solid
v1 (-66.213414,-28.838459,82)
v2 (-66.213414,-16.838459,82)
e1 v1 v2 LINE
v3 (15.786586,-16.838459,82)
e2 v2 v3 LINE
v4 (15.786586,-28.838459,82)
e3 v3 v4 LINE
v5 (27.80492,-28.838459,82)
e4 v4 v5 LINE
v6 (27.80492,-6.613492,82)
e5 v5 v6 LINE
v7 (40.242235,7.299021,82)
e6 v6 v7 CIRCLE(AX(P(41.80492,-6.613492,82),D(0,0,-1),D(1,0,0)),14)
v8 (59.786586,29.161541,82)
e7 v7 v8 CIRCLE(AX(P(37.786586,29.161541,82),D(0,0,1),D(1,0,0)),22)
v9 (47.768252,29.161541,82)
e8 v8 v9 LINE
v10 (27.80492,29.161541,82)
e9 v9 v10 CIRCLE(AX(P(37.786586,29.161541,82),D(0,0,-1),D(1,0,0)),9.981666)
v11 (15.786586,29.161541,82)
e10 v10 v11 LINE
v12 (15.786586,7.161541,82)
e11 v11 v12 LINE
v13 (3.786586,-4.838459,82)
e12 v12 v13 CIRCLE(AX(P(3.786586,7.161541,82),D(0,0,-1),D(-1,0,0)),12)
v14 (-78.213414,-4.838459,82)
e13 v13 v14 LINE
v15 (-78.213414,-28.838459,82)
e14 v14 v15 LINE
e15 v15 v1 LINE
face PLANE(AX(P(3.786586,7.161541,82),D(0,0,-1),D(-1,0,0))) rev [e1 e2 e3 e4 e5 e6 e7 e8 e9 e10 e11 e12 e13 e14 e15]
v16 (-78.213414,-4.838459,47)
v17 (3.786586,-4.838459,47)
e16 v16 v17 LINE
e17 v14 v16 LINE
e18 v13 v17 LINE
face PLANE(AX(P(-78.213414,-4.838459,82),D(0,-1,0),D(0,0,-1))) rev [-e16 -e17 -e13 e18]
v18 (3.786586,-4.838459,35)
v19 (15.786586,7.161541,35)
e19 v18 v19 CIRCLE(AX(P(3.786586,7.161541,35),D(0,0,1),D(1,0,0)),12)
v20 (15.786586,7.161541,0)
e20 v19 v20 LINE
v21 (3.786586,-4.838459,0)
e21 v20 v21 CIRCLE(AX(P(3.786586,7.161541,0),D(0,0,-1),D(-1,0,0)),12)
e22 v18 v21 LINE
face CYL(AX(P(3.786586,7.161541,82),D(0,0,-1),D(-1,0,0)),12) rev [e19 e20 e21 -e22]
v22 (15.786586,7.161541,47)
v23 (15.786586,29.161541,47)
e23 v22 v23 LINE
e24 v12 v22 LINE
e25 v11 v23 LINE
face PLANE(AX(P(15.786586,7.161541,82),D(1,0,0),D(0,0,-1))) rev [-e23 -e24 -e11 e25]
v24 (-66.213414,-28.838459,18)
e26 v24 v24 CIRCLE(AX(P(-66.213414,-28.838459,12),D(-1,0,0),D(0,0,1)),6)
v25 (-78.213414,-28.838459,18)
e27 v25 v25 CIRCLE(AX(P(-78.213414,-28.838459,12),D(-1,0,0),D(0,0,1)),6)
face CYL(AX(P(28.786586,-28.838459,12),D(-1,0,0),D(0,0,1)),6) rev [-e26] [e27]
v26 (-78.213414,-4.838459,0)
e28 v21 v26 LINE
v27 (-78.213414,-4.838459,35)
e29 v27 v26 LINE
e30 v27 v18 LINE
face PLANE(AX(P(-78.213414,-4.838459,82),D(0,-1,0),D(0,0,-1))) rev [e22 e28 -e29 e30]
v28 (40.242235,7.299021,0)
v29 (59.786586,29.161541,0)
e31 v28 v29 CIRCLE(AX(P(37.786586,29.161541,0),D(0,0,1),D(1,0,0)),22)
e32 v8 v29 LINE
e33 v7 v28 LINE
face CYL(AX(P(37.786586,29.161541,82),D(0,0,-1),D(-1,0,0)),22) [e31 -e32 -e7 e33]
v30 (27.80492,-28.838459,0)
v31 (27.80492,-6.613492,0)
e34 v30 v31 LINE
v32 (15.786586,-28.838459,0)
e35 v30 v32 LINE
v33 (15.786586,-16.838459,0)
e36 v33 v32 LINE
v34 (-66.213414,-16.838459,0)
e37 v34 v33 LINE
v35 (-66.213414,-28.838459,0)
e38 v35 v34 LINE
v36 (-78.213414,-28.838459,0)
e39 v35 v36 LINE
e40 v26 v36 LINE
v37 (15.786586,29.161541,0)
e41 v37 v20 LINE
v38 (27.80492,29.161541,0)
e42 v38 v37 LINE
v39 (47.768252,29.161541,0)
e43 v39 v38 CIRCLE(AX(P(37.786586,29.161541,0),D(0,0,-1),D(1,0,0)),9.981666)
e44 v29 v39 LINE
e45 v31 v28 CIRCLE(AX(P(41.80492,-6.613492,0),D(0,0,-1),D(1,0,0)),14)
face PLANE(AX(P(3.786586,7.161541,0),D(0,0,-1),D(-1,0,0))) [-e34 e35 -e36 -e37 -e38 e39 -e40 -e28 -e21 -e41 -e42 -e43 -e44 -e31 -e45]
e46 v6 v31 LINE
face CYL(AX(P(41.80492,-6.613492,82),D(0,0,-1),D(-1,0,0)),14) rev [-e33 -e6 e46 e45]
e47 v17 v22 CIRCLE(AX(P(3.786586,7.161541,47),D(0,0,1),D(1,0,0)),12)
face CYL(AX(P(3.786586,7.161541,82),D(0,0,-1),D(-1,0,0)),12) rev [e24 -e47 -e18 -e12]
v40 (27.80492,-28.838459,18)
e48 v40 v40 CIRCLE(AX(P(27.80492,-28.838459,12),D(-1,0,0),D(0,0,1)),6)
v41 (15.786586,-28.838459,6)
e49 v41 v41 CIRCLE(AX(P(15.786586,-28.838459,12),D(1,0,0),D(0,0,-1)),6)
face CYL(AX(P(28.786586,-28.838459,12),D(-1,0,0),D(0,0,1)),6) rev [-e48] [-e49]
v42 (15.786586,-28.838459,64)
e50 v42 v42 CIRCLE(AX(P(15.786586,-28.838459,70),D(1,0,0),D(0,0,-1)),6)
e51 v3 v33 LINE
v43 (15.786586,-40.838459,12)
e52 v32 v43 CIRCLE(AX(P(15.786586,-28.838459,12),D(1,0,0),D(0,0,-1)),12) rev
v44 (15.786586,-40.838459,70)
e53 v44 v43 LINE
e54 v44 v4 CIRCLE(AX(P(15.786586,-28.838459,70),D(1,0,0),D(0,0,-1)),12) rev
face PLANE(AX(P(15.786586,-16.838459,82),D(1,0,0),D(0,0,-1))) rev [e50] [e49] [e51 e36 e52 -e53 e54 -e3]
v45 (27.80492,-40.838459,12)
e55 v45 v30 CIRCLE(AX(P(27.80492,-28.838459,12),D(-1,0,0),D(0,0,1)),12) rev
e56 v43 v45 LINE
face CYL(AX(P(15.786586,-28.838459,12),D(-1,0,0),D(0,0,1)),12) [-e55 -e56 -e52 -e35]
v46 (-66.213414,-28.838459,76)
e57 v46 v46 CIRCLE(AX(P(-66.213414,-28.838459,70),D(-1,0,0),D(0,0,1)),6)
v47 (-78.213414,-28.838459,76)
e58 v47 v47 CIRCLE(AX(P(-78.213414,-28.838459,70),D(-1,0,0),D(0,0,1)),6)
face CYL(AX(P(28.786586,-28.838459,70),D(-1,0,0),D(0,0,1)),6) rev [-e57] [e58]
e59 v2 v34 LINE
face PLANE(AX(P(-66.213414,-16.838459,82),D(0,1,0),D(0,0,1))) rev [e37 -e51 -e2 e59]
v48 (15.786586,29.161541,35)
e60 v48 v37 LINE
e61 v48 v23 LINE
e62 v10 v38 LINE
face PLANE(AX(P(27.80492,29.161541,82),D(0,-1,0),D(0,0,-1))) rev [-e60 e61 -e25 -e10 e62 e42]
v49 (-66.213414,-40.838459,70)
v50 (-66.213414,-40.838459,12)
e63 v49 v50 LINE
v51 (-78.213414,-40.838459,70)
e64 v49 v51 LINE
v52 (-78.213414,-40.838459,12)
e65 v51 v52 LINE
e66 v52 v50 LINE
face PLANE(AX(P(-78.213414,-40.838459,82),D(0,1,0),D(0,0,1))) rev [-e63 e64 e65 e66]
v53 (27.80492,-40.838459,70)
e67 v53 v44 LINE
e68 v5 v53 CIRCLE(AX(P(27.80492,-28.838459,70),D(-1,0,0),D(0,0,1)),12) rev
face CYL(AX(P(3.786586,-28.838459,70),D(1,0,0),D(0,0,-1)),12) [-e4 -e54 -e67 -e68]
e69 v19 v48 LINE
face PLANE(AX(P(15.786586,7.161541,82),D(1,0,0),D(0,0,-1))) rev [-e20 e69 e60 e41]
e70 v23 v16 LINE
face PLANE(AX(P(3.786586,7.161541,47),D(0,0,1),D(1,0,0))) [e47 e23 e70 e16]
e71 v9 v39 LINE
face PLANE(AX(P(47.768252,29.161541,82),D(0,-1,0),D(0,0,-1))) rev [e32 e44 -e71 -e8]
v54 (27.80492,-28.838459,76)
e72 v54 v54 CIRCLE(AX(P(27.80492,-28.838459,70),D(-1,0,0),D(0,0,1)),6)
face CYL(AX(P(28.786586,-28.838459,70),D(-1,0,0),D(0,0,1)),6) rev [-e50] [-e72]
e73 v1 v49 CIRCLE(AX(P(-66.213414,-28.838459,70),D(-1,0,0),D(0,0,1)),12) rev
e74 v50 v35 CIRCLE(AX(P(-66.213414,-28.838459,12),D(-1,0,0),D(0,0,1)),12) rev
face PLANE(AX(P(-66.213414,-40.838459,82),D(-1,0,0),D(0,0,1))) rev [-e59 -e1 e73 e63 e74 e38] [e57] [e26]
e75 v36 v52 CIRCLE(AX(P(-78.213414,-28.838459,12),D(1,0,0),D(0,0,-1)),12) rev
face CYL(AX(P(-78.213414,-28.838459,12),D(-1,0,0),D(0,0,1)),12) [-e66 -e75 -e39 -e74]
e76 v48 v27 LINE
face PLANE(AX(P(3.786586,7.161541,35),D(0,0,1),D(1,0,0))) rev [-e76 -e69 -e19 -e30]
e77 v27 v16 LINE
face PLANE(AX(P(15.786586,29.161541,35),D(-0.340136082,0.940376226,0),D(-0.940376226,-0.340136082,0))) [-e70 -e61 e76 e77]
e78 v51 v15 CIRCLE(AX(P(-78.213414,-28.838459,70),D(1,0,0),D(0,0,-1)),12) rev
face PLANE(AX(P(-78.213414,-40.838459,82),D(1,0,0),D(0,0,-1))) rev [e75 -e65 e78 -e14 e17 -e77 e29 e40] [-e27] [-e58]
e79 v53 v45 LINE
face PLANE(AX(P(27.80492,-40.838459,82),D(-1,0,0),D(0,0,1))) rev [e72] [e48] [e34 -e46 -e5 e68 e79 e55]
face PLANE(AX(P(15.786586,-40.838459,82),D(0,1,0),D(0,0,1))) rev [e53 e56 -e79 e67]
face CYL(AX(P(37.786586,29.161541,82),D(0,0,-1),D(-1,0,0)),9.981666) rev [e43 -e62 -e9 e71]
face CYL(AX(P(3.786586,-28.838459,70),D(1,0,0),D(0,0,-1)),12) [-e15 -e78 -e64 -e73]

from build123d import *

# Parameters (mm, degrees)
Y_KSEKLIK_EKSTR_ZYON1_DEPTH      = 82
RADYUS1_R                        = 12
IZIM5_R                          = 6
KES_EKSTR_ZYON3_DEPTH            = 107
Y_KSEKLIK_EKSTR_ZYON2_DEPTH      = 6
Y_KSEKLIK_EKSTR_ZYON2_DEPTH_BACK = 6


with BuildPart() as part:
    # Çizim1 → Yükseklik-Ekstrüzyon1 (new body)
    with BuildSketch(Plane.XY):
        with BuildLine():
            Line((-78.213413995, -40.838458766), (-66.213413995, -40.838458766))
            Line((-66.213413995, -40.838458766), (-66.213413995, -16.838458766))
            Line((-66.213413995, -16.838458766), (15.786586005, -16.838458766))
            Line((15.786586005, -16.838458766), (15.786586005, -40.838458766))
            Line((15.786586005, -40.838458766), (27.804920328, -40.838458766))
            Line((27.804920328, -40.838458766), (27.804920328, -6.613491809))
            ThreePointArc((27.804920328, -6.613491809), (31.367545227, 2.717167386), (40.242234758, 7.299021041))
            ThreePointArc((40.242234758, 7.299021041), (54.188175449, 14.499076785), (59.786586005, 29.161541234))
            Line((59.786586005, 29.161541234), (47.768251683, 29.161541234))
            ThreePointArc((47.768251683, 29.161541234), (37.786586005, 19.179875557), (27.804920328, 29.161541234))
            Line((27.804920328, 29.161541234), (15.786586005, 29.161541234))
            Line((15.786586005, 29.161541234), (15.786586005, 7.161541234))
            ThreePointArc((15.786586005, 7.161541234), (12.271867379, -1.32374014), (3.786586005, -4.838458766))
            Line((3.786586005, -4.838458766), (-78.213413995, -4.838458766))
            Line((-78.213413995, -4.838458766), (-78.213413995, -40.838458766))
        make_face()
    extrude(amount=Y_KSEKLIK_EKSTR_ZYON1_DEPTH)

    # Radyus1
    radyus1_edges = [part.edges().sort_by_distance(p)[0] for p in [
        (21.795753166, -40.838458766, 0),
        (-72.213413995, -40.838458766, 0),
        (21.795753166, -40.838458766, 82),
        (-72.213413995, -40.838458766, 82),
    ]]
    fillet(radyus1_edges, radius=RADYUS1_R)

    # Çizim5 → Kes-Ekstrüzyon3 (cut)
    with BuildSketch(Plane.ZY.offset(78.213413995)):
        with Locations((12, -28.838458766)):
            Circle(IZIM5_R)
        with Locations((70, -28.838458766)):
            Circle(IZIM5_R)
    extrude(amount=-KES_EKSTR_ZYON3_DEPTH, mode=Mode.SUBTRACT)

    # Çizim8 → Yükseklik-Ekstrüzyon2 (add, two sides: drawn at the far end of the back side and taken through both)
    with BuildSketch(Plane.XY.offset(41).offset(-Y_KSEKLIK_EKSTR_ZYON2_DEPTH_BACK)):
        with BuildLine():
            Line((15.786586005, 29.161541234), (-78.213413995, -4.838458766))
            Line((-78.213413995, -4.838458766), (3.786586005, -4.838458766))
            ThreePointArc((3.786586005, -4.838458766), (12.271867379, -1.32374014), (15.786586005, 7.161541234))
            Line((15.786586005, 7.161541234), (15.786586005, 29.161541234))
        make_face()
    extrude(amount=Y_KSEKLIK_EKSTR_ZYON2_DEPTH + Y_KSEKLIK_EKSTR_ZYON2_DEPTH_BACK)


solid = part.part
